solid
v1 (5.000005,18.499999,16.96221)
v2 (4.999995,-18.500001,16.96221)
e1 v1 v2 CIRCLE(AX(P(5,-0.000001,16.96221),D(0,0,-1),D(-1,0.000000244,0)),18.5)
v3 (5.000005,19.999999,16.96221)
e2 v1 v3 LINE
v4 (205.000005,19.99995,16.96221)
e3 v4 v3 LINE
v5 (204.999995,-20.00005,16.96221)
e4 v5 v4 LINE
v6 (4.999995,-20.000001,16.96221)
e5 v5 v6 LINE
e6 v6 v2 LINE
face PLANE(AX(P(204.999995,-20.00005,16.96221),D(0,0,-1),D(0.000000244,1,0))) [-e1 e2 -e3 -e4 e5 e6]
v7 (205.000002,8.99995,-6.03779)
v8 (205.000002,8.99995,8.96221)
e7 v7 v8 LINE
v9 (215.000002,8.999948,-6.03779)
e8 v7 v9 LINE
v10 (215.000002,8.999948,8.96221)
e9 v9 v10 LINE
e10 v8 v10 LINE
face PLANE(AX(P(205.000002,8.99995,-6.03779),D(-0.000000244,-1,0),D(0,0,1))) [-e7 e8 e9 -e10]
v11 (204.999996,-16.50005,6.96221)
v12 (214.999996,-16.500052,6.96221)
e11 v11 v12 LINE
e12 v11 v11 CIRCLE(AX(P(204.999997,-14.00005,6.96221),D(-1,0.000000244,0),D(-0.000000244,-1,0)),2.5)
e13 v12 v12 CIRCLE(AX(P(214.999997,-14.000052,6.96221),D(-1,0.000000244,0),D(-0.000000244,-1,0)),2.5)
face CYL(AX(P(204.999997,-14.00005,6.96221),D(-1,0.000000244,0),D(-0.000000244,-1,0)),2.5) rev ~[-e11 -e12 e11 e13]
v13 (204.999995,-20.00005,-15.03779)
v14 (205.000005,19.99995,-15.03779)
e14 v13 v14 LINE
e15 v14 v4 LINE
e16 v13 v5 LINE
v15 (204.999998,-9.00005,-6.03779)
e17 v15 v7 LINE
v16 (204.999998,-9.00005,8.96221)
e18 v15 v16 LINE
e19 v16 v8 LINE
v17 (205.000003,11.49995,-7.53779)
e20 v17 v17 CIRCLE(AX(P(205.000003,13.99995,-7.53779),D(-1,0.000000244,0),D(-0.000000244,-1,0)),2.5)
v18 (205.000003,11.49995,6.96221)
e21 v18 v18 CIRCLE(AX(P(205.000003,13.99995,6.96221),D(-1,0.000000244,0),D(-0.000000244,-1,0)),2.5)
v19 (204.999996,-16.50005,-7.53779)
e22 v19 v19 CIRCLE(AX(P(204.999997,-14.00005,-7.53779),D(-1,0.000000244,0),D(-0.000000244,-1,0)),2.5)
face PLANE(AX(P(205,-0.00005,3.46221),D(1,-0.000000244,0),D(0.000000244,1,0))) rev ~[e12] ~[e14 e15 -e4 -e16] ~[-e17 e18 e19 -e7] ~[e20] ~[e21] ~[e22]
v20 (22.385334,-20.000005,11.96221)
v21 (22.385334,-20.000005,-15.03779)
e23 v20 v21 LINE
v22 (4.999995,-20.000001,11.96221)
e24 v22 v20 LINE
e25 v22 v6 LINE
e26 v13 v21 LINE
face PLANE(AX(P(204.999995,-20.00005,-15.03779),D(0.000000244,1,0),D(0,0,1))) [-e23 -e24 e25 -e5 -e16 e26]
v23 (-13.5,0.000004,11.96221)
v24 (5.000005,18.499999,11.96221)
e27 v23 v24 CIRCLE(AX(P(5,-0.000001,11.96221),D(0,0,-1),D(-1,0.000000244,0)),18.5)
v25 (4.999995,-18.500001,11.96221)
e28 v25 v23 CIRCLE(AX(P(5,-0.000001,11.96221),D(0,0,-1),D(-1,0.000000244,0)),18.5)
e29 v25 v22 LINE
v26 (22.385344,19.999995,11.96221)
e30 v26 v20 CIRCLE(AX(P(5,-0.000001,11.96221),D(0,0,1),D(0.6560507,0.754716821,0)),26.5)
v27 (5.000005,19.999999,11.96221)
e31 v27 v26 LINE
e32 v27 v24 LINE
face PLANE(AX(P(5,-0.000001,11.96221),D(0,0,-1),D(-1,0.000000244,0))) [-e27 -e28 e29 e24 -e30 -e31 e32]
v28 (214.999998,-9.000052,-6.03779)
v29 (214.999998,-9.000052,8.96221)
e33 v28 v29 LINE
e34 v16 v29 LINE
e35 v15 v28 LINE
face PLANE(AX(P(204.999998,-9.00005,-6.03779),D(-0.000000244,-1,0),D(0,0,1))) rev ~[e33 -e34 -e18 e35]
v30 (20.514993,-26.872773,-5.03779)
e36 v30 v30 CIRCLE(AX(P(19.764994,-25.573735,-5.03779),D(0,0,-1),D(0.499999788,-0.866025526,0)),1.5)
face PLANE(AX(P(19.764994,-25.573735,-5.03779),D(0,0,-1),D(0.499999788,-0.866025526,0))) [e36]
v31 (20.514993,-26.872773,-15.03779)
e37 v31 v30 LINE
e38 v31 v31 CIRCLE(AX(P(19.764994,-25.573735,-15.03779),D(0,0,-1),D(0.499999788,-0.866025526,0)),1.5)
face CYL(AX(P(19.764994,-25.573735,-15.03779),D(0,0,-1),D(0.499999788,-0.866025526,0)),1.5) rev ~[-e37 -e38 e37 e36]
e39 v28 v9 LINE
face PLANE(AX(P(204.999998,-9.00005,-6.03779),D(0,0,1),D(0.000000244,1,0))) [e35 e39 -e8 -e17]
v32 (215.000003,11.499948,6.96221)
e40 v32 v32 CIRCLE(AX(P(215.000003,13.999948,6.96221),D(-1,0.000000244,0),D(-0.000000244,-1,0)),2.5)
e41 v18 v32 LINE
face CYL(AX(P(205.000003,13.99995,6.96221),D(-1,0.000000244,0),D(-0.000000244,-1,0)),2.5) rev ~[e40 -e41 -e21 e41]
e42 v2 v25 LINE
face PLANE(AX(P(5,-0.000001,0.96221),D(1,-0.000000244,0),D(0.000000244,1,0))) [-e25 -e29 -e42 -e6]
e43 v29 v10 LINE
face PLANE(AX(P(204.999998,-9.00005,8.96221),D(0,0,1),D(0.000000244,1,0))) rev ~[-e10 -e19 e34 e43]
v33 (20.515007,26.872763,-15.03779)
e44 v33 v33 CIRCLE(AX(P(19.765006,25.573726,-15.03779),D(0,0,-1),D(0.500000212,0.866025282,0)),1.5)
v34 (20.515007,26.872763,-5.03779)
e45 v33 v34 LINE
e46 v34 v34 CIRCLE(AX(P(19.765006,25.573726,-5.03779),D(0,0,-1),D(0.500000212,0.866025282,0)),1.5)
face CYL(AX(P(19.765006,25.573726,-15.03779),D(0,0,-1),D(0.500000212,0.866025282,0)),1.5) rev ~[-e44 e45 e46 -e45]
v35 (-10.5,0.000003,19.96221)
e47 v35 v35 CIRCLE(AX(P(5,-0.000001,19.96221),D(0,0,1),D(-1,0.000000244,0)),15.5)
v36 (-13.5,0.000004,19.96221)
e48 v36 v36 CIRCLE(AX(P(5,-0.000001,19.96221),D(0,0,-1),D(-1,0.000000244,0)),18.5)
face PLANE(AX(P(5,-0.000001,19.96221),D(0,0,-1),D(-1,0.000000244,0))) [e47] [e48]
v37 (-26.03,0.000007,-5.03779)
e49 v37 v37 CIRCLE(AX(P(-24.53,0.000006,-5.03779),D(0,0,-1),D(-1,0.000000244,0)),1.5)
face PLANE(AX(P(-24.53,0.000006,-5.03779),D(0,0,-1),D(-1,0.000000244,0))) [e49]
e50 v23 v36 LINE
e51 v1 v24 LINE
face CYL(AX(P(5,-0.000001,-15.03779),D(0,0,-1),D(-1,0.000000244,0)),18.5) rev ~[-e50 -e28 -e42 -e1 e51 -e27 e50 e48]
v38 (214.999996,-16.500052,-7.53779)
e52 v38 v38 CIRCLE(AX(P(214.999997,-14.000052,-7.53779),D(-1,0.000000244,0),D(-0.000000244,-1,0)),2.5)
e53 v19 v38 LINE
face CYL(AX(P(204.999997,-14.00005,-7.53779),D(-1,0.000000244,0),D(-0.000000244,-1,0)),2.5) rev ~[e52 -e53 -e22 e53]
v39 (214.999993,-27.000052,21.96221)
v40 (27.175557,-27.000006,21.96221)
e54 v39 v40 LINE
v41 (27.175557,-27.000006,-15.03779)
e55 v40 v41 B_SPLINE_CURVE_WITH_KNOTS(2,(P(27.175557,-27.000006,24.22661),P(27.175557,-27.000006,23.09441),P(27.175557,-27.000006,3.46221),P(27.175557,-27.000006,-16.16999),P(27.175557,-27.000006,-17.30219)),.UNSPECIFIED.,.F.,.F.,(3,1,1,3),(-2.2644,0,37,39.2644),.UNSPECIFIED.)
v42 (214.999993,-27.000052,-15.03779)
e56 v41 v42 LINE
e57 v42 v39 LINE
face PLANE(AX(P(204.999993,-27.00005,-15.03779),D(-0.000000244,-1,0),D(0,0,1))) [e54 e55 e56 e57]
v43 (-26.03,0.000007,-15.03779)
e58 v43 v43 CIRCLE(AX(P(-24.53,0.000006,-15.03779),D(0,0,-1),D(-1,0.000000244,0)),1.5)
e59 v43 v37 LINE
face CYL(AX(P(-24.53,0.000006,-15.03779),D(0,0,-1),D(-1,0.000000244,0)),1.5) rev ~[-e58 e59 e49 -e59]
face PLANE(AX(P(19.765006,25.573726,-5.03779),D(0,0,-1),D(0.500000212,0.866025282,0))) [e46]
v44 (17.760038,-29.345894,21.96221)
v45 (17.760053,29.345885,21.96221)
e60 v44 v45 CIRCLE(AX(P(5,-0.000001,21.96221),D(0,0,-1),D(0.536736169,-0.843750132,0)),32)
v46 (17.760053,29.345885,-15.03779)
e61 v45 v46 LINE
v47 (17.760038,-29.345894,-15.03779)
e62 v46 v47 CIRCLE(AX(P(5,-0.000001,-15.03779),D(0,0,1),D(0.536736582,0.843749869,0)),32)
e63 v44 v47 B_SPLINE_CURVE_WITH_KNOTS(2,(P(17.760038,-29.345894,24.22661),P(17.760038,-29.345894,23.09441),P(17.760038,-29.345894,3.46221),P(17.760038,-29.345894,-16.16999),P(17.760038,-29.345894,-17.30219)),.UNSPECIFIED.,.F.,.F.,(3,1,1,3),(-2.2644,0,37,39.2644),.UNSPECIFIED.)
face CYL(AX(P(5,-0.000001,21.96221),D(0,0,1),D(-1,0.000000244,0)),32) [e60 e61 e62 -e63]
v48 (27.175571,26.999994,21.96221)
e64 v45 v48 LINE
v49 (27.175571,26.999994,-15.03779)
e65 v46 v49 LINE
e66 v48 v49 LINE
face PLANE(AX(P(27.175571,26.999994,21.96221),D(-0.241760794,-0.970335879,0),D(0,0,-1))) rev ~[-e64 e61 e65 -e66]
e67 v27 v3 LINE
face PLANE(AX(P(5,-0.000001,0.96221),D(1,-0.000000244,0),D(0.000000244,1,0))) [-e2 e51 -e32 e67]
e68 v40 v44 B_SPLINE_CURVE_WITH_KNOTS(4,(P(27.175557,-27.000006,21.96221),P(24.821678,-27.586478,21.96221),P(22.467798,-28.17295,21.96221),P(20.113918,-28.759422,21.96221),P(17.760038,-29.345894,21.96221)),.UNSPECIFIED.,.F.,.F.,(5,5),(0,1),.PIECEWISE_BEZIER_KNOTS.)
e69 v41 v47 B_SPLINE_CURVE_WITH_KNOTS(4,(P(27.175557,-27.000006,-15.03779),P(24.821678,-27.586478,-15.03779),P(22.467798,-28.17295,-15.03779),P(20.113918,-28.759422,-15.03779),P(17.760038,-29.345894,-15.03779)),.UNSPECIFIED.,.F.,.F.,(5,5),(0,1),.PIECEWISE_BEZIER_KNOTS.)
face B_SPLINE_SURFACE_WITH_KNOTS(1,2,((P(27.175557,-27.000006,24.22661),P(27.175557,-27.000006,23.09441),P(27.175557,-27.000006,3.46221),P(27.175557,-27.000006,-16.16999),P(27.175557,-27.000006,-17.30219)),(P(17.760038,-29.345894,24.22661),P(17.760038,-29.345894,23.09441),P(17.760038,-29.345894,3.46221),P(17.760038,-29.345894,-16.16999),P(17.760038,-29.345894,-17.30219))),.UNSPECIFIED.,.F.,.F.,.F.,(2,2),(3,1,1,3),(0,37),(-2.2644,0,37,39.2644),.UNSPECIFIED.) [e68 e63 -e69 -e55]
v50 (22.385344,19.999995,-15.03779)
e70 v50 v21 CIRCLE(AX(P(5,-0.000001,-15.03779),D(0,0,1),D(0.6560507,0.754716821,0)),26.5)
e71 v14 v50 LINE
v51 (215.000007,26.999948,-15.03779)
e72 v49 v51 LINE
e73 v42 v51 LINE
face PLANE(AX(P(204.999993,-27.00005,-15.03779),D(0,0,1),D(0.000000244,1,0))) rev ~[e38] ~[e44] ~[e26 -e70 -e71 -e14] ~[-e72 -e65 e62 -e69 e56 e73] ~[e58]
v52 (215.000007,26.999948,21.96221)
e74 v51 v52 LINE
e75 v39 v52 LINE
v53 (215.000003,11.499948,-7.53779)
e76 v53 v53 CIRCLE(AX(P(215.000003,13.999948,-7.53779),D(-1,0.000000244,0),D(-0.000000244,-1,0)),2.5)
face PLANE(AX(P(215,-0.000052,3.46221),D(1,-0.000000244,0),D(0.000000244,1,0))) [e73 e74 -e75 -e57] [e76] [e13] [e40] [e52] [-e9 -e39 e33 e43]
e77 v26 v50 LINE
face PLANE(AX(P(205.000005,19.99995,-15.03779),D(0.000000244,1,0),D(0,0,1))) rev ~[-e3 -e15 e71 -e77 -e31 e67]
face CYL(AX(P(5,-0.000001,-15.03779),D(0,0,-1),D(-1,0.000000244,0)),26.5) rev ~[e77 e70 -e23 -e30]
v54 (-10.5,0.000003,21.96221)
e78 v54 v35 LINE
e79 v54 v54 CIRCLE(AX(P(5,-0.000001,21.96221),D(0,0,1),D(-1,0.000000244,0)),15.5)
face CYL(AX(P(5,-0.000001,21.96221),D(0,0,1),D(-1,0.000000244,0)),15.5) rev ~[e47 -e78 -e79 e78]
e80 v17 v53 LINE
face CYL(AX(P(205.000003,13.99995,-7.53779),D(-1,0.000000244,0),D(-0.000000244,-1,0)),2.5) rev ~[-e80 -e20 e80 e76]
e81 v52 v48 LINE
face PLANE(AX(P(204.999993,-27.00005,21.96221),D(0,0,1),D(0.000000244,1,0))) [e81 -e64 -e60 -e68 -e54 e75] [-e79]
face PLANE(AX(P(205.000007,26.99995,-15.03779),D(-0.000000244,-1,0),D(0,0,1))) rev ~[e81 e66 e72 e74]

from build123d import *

# Parameters (mm, degrees)
SKETCH025_R           = 32
PAD016_DEPTH          = 37
SKETCH026_R           = 18.5
POCKET001_DEPTH       = 35
SKETCH027_R           = 26.5
POCKET002_DEPTH       = 27
SKETCH028_R           = 15.5
POCKET003_DEPTH       = 37.001
PAD018_DEPTH          = 37
SKETCH034_W           = 40
SKETCH034_H           = 32
POCKET004_DEPTH       = 200
SKETCH046_W           = 54
SKETCH046_H           = 37
SKETCH046_W_2         = 18
SKETCH046_H_2         = 15
PAD020_DEPTH          = 10
SKETCH047_R           = 1.5
POCKET_DEPTH          = 10
POLARPATTERN003_COUNT = 3
CHAMFER002_SIZE       = 5
SKETCH063_R           = 2.5
POCKET022_DEPTH       = 10.001
BODY_PLACEMENT_ANGLE  = 179.999986


with BuildPart() as part:
    # Sketch025 (on Face1 of CopyPocket) → Pad016 (new body)
    with BuildSketch(Plane.XY.offset(19.5)):
        Circle(SKETCH025_R)
    extrude(amount=-PAD016_DEPTH)

    # Sketch026 (on Face3 of Pad016) → Pocket001 (cut)
    with BuildSketch(Plane(origin=(0, 0, -17.5), x_dir=(1, 0, 0), z_dir=(0, 0, -1))):
        Circle(SKETCH026_R)
    extrude(amount=-POCKET001_DEPTH, mode=Mode.SUBTRACT)

    # Sketch027 (on Face3 of Pocket001) → Pocket002 (cut)
    with BuildSketch(Plane(origin=(0, 0, -17.5), x_dir=(1, 0, 0), z_dir=(0, 0, -1))):
        Circle(SKETCH027_R)
    extrude(amount=-POCKET002_DEPTH, mode=Mode.SUBTRACT)

    # Sketch028 (on Face2 of Pocket002) → Pocket003 (cut, through all)
    with BuildSketch(Plane.XY.offset(19.5)):
        Circle(SKETCH028_R)
    extrude(amount=-POCKET003_DEPTH, mode=Mode.SUBTRACT)

    # Sketch030 (on Face2 of Pocket003) → Pad018 (join)
    with BuildSketch(Plane.XY.offset(19.5)):
        with BuildLine():
            ThreePointArc((-17.175564, 27), (-32, 0), (-17.175564, -27))
            Line((-200, -27), (-17.175564, -27))
            Line((-200, 27), (-200, -27))
            Line((-17.175564, 27), (-200, 27))
        make_face()
    extrude(amount=-PAD018_DEPTH)

    # Sketch034 (on Face2 of Pad018) → Pocket004 (cut)
    with BuildSketch(Plane(origin=(-200, 0, 0), x_dir=(0, -1, 0), z_dir=(-1, 0, 0))):
        with Locations((0, -1.5)):
            Rectangle(SKETCH034_W, SKETCH034_H)
    extrude(amount=-POCKET004_DEPTH, mode=Mode.SUBTRACT)

    # Sketch046 (on Face3 of Pocket004) → Pad020 (join)
    with BuildSketch(Plane(origin=(-200, 0, 0), x_dir=(0, -1, 0), z_dir=(-1, 0, 0))):
        with Locations((0, 1)):
            Rectangle(SKETCH046_W, SKETCH046_H)
        with Locations((0, -1)):
            Rectangle(SKETCH046_W_2, SKETCH046_H_2, mode=Mode.SUBTRACT)
    extrude(amount=PAD020_DEPTH)

    # Sketch047 (on Face20 of Pad020) → Pocket (cut)
    with BuildSketch(Plane(origin=(0, 0, -17.5), x_dir=(1, 0, 0), z_dir=(0, 0, -1))):
        with Locations((29.53, 0)):
            Circle(SKETCH047_R)
    pocket = extrude(amount=-POCKET_DEPTH, mode=Mode.SUBTRACT)

    # PolarPattern003: Pocket ×3 about axis
    polarpattern003_axis = Axis((0, 0, -17.5), (0, 0, -1))
    for i in range(1, POLARPATTERN003_COUNT):
        add(pocket.rotate(polarpattern003_axis, i * 360 / POLARPATTERN003_COUNT), mode=Mode.SUBTRACT)

    # Chamfer002
    chamfer002_edges = [part.edges().sort_by_distance(p)[0] for p in [
        (-17.175564, -27, 1),
        (-17.175564, 27, 1),
    ]]
    chamfer(chamfer002_edges, length=CHAMFER002_SIZE)

    # Sketch063 (on Face14 of Chamfer002) → Pocket022 (cut, through all)
    with BuildSketch(Plane.YZ.offset(-200)):
        with Locations((-14, 4.5)):
            Circle(SKETCH063_R)
        with Locations((14, 4.5)):
            Circle(SKETCH063_R)
        with Locations((-14, -10)):
            Circle(SKETCH063_R)
        with Locations((14, -10)):
            Circle(SKETCH063_R)
    extrude(amount=-POCKET022_DEPTH, mode=Mode.SUBTRACT)


with BuildPart() as part_1:
    # Body placement: moved
    add(part.part.moved(Location((5, -1e-06, 2.46221))).rotate(Axis((5, -1e-06, 2.46221), (0, 0, 1)), BODY_PLACEMENT_ANGLE))


solid = part_1.part
